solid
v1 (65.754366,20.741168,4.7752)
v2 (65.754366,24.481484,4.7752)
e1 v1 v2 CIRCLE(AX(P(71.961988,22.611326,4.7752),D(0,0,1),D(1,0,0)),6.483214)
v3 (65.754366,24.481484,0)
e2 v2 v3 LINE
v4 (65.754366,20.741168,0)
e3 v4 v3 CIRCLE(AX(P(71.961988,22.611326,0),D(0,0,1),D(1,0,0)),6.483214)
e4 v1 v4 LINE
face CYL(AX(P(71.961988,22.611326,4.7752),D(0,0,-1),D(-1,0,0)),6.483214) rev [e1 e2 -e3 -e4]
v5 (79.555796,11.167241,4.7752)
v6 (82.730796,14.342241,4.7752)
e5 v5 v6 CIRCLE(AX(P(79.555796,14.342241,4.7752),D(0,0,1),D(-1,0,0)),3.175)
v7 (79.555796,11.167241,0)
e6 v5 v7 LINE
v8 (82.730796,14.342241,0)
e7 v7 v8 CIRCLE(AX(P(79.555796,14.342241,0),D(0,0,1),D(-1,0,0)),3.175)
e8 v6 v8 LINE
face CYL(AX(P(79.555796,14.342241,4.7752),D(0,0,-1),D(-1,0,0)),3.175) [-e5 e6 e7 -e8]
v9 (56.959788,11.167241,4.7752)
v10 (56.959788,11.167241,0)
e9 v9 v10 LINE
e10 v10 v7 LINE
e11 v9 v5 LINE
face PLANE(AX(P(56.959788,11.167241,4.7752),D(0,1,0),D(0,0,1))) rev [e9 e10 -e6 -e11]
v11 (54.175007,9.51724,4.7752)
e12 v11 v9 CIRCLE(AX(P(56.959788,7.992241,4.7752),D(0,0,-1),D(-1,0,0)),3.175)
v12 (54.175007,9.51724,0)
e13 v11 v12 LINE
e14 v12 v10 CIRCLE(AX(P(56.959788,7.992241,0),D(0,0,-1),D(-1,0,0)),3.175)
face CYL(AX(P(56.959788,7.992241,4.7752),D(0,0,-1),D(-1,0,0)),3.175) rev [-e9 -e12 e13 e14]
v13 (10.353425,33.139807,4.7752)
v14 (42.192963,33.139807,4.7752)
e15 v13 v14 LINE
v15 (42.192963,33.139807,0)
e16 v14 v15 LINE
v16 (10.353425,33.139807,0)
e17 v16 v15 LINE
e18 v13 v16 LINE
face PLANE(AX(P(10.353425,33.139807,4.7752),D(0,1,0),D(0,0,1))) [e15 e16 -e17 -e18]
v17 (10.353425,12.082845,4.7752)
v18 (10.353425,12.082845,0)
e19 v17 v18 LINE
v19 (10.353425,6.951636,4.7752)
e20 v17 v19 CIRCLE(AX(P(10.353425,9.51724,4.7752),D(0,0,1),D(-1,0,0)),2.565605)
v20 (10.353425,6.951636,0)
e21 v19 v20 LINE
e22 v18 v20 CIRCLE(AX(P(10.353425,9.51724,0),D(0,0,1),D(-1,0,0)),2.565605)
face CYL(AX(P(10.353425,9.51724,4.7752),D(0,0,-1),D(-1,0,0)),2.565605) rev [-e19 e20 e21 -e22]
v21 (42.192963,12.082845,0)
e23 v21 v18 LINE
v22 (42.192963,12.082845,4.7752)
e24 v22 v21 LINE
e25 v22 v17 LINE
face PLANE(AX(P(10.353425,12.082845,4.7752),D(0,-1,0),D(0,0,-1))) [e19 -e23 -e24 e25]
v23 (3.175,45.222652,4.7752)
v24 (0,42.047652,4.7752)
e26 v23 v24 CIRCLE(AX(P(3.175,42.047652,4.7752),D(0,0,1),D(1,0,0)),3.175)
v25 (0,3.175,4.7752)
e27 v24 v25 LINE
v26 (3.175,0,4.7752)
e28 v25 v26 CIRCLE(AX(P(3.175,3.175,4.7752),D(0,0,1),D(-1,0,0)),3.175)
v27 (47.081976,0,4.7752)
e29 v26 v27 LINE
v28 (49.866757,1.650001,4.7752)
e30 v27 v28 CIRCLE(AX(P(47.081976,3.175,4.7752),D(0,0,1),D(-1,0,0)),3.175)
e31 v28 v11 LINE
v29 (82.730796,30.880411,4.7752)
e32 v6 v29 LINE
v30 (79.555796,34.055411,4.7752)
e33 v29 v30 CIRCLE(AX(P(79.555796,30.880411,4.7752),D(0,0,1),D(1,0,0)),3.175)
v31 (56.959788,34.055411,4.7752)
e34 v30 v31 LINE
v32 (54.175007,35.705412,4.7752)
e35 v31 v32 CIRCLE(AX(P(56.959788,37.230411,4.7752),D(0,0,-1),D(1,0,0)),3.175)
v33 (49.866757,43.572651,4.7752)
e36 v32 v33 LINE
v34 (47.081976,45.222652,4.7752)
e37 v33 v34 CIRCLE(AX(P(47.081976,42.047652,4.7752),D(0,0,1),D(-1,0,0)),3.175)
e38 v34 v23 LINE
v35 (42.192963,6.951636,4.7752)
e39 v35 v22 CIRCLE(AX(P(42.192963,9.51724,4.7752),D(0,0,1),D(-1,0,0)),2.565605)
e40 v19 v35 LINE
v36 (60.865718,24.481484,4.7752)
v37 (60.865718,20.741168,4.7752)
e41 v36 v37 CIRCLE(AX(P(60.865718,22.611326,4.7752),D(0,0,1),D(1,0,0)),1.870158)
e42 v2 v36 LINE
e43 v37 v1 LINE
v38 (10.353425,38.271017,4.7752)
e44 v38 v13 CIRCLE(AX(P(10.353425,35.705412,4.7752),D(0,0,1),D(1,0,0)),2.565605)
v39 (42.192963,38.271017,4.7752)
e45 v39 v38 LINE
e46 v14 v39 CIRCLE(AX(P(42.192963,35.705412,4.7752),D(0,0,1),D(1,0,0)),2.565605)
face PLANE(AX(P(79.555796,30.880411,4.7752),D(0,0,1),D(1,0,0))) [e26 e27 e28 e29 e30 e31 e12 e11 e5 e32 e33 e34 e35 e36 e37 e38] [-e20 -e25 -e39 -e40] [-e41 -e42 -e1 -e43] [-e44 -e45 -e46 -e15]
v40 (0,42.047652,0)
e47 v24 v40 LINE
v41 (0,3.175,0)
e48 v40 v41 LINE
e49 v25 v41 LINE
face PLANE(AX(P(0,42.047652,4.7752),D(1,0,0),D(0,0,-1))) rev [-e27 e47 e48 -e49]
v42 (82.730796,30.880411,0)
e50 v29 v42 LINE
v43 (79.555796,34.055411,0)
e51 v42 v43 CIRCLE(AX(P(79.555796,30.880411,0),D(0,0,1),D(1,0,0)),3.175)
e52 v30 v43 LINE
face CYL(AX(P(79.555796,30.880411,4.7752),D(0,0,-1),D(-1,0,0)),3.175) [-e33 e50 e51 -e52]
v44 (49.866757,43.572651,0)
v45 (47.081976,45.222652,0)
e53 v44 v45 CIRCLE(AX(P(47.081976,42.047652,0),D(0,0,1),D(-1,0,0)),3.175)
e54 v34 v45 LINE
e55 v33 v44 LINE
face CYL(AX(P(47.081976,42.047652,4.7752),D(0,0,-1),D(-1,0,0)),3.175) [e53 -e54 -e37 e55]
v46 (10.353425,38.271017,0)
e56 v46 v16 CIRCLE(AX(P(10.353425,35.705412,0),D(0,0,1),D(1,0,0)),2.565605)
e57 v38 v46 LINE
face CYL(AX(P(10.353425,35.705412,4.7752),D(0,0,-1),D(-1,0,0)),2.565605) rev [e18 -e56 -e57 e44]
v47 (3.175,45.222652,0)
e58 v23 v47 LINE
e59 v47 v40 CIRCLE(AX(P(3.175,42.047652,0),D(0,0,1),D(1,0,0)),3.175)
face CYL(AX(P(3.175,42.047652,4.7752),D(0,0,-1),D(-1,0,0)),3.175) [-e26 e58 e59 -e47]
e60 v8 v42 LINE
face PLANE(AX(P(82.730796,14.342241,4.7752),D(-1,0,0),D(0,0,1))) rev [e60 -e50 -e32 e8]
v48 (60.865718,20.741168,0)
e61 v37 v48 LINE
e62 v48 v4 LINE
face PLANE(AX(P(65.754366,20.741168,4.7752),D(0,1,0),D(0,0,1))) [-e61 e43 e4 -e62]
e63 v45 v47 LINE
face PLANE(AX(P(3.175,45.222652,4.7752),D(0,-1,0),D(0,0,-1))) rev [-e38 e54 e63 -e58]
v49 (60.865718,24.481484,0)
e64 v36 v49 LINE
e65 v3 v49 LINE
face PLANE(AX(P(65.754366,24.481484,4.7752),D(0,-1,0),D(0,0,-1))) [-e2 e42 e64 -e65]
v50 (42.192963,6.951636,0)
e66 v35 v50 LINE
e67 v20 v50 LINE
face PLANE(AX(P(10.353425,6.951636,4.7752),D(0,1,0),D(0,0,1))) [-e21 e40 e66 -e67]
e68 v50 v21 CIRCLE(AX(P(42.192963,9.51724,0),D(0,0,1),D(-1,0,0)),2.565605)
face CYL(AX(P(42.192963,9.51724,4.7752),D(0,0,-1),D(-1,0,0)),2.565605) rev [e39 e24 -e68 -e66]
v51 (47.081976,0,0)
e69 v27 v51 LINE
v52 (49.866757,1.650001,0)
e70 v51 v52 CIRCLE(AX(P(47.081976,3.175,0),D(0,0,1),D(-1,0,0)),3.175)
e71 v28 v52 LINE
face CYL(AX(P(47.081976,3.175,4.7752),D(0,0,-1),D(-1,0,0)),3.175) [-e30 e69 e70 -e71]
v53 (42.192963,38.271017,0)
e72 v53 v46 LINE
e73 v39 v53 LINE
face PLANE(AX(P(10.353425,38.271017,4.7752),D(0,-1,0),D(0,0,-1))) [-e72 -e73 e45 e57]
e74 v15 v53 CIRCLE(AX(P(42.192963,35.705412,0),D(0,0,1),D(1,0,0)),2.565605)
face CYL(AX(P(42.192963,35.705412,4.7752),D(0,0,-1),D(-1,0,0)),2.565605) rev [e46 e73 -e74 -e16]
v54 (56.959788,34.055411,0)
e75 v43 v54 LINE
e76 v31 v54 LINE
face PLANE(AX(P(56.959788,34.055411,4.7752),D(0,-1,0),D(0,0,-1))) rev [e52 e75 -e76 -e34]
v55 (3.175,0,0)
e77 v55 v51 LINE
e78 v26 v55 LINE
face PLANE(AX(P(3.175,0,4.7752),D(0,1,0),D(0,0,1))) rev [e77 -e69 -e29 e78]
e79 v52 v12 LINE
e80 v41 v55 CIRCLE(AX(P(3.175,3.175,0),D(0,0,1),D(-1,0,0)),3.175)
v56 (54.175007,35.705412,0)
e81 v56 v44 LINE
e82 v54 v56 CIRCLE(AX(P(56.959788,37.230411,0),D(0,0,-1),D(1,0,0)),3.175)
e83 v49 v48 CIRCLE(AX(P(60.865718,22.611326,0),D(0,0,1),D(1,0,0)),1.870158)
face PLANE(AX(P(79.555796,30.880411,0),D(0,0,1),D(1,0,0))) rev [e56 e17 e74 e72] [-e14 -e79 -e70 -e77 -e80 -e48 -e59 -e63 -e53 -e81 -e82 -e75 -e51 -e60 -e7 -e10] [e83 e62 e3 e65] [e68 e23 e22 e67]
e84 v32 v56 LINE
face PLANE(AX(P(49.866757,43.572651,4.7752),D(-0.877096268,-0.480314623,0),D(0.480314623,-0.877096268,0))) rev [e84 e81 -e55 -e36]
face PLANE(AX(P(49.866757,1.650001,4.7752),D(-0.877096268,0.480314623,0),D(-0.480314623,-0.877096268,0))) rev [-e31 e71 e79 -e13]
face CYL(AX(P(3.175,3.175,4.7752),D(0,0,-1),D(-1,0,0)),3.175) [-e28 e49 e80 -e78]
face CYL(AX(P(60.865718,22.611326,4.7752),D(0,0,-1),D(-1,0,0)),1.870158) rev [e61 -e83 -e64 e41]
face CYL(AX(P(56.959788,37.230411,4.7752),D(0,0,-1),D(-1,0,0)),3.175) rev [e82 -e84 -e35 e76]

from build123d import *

# Parameters (mm, degrees)
EXTRUDE1_DEPTH = 4.7752


with BuildPart() as part:
    # Sketch1 → Extrude1 (new body)
    with BuildSketch(Plane.XY):
        with BuildLine():
            Line((0, 42.047652439), (0, 3.175))
            ThreePointArc((0, 3.175), (0.92993597, 0.92993597), (3.175, 0))
            Line((3.175, 0), (47.081976454, 0))
            ThreePointArc((47.081976454, 0), (48.700425311, 0.443471436), (49.866757105, 1.650001072))
            Line((49.866757105, 1.650001072), (54.175007162, 9.517240307))
            ThreePointArc((54.175007162, 9.517240307), (55.341338955, 10.723769944), (56.959787812, 11.167241379))
            Line((56.959787812, 11.167241379), (79.555795926, 11.167241379))
            ThreePointArc((79.555795926, 11.167241379), (81.800859957, 12.097177349), (82.730795926, 14.342241379))
            Line((82.730795926, 14.342241379), (82.730795926, 30.88041106))
            ThreePointArc((82.730795926, 30.88041106), (81.800859957, 33.12547509), (79.555795926, 34.05541106))
            Line((79.555795926, 34.05541106), (56.959787812, 34.05541106))
            ThreePointArc((56.959787812, 34.05541106), (55.341338955, 34.498882496), (54.175007162, 35.705412132))
            Line((54.175007162, 35.705412132), (49.866757105, 43.572651367))
            ThreePointArc((49.866757105, 43.572651367), (48.700425311, 44.779181004), (47.081976454, 45.222652439))
            Line((47.081976454, 45.222652439), (3.175, 45.222652439))
            ThreePointArc((3.175, 45.222652439), (0.92993597, 44.29271647), (0, 42.047652439))
        make_face()
        with BuildLine():
            Line((65.754365641, 24.481484037), (60.865717892, 24.481484037))
            ThreePointArc((60.865717892, 24.481484037), (58.995560075, 22.61132622), (60.865717892, 20.741168403))
            Line((60.865717892, 20.741168403), (65.754365641, 20.741168403))
            ThreePointArc((65.754365641, 20.741168403), (78.445201373, 22.61132622), (65.754365641, 24.481484037))
        make_face(mode=Mode.SUBTRACT)
        with BuildLine():
            Line((10.353425124, 38.271016828), (42.192963273, 38.271016828))
            ThreePointArc((42.192963273, 38.271016828), (44.758567969, 35.705412132), (42.192963273, 33.139807437))
            Line((42.192963273, 33.139807437), (10.353425124, 33.139807437))
            ThreePointArc((10.353425124, 33.139807437), (7.787820428, 35.705412132), (10.353425124, 38.271016828))
        make_face(mode=Mode.SUBTRACT)
        with BuildLine():
            Line((10.353425124, 6.951635611), (42.192963273, 6.951635611))
            ThreePointArc((42.192963273, 6.951635611), (44.758567969, 9.517240307), (42.192963273, 12.082845003))
            Line((42.192963273, 12.082845003), (10.353425124, 12.082845003))
            ThreePointArc((10.353425124, 12.082845003), (7.787820428, 9.517240307), (10.353425124, 6.951635611))
        make_face(mode=Mode.SUBTRACT)
    extrude(amount=EXTRUDE1_DEPTH)


solid = part.part
